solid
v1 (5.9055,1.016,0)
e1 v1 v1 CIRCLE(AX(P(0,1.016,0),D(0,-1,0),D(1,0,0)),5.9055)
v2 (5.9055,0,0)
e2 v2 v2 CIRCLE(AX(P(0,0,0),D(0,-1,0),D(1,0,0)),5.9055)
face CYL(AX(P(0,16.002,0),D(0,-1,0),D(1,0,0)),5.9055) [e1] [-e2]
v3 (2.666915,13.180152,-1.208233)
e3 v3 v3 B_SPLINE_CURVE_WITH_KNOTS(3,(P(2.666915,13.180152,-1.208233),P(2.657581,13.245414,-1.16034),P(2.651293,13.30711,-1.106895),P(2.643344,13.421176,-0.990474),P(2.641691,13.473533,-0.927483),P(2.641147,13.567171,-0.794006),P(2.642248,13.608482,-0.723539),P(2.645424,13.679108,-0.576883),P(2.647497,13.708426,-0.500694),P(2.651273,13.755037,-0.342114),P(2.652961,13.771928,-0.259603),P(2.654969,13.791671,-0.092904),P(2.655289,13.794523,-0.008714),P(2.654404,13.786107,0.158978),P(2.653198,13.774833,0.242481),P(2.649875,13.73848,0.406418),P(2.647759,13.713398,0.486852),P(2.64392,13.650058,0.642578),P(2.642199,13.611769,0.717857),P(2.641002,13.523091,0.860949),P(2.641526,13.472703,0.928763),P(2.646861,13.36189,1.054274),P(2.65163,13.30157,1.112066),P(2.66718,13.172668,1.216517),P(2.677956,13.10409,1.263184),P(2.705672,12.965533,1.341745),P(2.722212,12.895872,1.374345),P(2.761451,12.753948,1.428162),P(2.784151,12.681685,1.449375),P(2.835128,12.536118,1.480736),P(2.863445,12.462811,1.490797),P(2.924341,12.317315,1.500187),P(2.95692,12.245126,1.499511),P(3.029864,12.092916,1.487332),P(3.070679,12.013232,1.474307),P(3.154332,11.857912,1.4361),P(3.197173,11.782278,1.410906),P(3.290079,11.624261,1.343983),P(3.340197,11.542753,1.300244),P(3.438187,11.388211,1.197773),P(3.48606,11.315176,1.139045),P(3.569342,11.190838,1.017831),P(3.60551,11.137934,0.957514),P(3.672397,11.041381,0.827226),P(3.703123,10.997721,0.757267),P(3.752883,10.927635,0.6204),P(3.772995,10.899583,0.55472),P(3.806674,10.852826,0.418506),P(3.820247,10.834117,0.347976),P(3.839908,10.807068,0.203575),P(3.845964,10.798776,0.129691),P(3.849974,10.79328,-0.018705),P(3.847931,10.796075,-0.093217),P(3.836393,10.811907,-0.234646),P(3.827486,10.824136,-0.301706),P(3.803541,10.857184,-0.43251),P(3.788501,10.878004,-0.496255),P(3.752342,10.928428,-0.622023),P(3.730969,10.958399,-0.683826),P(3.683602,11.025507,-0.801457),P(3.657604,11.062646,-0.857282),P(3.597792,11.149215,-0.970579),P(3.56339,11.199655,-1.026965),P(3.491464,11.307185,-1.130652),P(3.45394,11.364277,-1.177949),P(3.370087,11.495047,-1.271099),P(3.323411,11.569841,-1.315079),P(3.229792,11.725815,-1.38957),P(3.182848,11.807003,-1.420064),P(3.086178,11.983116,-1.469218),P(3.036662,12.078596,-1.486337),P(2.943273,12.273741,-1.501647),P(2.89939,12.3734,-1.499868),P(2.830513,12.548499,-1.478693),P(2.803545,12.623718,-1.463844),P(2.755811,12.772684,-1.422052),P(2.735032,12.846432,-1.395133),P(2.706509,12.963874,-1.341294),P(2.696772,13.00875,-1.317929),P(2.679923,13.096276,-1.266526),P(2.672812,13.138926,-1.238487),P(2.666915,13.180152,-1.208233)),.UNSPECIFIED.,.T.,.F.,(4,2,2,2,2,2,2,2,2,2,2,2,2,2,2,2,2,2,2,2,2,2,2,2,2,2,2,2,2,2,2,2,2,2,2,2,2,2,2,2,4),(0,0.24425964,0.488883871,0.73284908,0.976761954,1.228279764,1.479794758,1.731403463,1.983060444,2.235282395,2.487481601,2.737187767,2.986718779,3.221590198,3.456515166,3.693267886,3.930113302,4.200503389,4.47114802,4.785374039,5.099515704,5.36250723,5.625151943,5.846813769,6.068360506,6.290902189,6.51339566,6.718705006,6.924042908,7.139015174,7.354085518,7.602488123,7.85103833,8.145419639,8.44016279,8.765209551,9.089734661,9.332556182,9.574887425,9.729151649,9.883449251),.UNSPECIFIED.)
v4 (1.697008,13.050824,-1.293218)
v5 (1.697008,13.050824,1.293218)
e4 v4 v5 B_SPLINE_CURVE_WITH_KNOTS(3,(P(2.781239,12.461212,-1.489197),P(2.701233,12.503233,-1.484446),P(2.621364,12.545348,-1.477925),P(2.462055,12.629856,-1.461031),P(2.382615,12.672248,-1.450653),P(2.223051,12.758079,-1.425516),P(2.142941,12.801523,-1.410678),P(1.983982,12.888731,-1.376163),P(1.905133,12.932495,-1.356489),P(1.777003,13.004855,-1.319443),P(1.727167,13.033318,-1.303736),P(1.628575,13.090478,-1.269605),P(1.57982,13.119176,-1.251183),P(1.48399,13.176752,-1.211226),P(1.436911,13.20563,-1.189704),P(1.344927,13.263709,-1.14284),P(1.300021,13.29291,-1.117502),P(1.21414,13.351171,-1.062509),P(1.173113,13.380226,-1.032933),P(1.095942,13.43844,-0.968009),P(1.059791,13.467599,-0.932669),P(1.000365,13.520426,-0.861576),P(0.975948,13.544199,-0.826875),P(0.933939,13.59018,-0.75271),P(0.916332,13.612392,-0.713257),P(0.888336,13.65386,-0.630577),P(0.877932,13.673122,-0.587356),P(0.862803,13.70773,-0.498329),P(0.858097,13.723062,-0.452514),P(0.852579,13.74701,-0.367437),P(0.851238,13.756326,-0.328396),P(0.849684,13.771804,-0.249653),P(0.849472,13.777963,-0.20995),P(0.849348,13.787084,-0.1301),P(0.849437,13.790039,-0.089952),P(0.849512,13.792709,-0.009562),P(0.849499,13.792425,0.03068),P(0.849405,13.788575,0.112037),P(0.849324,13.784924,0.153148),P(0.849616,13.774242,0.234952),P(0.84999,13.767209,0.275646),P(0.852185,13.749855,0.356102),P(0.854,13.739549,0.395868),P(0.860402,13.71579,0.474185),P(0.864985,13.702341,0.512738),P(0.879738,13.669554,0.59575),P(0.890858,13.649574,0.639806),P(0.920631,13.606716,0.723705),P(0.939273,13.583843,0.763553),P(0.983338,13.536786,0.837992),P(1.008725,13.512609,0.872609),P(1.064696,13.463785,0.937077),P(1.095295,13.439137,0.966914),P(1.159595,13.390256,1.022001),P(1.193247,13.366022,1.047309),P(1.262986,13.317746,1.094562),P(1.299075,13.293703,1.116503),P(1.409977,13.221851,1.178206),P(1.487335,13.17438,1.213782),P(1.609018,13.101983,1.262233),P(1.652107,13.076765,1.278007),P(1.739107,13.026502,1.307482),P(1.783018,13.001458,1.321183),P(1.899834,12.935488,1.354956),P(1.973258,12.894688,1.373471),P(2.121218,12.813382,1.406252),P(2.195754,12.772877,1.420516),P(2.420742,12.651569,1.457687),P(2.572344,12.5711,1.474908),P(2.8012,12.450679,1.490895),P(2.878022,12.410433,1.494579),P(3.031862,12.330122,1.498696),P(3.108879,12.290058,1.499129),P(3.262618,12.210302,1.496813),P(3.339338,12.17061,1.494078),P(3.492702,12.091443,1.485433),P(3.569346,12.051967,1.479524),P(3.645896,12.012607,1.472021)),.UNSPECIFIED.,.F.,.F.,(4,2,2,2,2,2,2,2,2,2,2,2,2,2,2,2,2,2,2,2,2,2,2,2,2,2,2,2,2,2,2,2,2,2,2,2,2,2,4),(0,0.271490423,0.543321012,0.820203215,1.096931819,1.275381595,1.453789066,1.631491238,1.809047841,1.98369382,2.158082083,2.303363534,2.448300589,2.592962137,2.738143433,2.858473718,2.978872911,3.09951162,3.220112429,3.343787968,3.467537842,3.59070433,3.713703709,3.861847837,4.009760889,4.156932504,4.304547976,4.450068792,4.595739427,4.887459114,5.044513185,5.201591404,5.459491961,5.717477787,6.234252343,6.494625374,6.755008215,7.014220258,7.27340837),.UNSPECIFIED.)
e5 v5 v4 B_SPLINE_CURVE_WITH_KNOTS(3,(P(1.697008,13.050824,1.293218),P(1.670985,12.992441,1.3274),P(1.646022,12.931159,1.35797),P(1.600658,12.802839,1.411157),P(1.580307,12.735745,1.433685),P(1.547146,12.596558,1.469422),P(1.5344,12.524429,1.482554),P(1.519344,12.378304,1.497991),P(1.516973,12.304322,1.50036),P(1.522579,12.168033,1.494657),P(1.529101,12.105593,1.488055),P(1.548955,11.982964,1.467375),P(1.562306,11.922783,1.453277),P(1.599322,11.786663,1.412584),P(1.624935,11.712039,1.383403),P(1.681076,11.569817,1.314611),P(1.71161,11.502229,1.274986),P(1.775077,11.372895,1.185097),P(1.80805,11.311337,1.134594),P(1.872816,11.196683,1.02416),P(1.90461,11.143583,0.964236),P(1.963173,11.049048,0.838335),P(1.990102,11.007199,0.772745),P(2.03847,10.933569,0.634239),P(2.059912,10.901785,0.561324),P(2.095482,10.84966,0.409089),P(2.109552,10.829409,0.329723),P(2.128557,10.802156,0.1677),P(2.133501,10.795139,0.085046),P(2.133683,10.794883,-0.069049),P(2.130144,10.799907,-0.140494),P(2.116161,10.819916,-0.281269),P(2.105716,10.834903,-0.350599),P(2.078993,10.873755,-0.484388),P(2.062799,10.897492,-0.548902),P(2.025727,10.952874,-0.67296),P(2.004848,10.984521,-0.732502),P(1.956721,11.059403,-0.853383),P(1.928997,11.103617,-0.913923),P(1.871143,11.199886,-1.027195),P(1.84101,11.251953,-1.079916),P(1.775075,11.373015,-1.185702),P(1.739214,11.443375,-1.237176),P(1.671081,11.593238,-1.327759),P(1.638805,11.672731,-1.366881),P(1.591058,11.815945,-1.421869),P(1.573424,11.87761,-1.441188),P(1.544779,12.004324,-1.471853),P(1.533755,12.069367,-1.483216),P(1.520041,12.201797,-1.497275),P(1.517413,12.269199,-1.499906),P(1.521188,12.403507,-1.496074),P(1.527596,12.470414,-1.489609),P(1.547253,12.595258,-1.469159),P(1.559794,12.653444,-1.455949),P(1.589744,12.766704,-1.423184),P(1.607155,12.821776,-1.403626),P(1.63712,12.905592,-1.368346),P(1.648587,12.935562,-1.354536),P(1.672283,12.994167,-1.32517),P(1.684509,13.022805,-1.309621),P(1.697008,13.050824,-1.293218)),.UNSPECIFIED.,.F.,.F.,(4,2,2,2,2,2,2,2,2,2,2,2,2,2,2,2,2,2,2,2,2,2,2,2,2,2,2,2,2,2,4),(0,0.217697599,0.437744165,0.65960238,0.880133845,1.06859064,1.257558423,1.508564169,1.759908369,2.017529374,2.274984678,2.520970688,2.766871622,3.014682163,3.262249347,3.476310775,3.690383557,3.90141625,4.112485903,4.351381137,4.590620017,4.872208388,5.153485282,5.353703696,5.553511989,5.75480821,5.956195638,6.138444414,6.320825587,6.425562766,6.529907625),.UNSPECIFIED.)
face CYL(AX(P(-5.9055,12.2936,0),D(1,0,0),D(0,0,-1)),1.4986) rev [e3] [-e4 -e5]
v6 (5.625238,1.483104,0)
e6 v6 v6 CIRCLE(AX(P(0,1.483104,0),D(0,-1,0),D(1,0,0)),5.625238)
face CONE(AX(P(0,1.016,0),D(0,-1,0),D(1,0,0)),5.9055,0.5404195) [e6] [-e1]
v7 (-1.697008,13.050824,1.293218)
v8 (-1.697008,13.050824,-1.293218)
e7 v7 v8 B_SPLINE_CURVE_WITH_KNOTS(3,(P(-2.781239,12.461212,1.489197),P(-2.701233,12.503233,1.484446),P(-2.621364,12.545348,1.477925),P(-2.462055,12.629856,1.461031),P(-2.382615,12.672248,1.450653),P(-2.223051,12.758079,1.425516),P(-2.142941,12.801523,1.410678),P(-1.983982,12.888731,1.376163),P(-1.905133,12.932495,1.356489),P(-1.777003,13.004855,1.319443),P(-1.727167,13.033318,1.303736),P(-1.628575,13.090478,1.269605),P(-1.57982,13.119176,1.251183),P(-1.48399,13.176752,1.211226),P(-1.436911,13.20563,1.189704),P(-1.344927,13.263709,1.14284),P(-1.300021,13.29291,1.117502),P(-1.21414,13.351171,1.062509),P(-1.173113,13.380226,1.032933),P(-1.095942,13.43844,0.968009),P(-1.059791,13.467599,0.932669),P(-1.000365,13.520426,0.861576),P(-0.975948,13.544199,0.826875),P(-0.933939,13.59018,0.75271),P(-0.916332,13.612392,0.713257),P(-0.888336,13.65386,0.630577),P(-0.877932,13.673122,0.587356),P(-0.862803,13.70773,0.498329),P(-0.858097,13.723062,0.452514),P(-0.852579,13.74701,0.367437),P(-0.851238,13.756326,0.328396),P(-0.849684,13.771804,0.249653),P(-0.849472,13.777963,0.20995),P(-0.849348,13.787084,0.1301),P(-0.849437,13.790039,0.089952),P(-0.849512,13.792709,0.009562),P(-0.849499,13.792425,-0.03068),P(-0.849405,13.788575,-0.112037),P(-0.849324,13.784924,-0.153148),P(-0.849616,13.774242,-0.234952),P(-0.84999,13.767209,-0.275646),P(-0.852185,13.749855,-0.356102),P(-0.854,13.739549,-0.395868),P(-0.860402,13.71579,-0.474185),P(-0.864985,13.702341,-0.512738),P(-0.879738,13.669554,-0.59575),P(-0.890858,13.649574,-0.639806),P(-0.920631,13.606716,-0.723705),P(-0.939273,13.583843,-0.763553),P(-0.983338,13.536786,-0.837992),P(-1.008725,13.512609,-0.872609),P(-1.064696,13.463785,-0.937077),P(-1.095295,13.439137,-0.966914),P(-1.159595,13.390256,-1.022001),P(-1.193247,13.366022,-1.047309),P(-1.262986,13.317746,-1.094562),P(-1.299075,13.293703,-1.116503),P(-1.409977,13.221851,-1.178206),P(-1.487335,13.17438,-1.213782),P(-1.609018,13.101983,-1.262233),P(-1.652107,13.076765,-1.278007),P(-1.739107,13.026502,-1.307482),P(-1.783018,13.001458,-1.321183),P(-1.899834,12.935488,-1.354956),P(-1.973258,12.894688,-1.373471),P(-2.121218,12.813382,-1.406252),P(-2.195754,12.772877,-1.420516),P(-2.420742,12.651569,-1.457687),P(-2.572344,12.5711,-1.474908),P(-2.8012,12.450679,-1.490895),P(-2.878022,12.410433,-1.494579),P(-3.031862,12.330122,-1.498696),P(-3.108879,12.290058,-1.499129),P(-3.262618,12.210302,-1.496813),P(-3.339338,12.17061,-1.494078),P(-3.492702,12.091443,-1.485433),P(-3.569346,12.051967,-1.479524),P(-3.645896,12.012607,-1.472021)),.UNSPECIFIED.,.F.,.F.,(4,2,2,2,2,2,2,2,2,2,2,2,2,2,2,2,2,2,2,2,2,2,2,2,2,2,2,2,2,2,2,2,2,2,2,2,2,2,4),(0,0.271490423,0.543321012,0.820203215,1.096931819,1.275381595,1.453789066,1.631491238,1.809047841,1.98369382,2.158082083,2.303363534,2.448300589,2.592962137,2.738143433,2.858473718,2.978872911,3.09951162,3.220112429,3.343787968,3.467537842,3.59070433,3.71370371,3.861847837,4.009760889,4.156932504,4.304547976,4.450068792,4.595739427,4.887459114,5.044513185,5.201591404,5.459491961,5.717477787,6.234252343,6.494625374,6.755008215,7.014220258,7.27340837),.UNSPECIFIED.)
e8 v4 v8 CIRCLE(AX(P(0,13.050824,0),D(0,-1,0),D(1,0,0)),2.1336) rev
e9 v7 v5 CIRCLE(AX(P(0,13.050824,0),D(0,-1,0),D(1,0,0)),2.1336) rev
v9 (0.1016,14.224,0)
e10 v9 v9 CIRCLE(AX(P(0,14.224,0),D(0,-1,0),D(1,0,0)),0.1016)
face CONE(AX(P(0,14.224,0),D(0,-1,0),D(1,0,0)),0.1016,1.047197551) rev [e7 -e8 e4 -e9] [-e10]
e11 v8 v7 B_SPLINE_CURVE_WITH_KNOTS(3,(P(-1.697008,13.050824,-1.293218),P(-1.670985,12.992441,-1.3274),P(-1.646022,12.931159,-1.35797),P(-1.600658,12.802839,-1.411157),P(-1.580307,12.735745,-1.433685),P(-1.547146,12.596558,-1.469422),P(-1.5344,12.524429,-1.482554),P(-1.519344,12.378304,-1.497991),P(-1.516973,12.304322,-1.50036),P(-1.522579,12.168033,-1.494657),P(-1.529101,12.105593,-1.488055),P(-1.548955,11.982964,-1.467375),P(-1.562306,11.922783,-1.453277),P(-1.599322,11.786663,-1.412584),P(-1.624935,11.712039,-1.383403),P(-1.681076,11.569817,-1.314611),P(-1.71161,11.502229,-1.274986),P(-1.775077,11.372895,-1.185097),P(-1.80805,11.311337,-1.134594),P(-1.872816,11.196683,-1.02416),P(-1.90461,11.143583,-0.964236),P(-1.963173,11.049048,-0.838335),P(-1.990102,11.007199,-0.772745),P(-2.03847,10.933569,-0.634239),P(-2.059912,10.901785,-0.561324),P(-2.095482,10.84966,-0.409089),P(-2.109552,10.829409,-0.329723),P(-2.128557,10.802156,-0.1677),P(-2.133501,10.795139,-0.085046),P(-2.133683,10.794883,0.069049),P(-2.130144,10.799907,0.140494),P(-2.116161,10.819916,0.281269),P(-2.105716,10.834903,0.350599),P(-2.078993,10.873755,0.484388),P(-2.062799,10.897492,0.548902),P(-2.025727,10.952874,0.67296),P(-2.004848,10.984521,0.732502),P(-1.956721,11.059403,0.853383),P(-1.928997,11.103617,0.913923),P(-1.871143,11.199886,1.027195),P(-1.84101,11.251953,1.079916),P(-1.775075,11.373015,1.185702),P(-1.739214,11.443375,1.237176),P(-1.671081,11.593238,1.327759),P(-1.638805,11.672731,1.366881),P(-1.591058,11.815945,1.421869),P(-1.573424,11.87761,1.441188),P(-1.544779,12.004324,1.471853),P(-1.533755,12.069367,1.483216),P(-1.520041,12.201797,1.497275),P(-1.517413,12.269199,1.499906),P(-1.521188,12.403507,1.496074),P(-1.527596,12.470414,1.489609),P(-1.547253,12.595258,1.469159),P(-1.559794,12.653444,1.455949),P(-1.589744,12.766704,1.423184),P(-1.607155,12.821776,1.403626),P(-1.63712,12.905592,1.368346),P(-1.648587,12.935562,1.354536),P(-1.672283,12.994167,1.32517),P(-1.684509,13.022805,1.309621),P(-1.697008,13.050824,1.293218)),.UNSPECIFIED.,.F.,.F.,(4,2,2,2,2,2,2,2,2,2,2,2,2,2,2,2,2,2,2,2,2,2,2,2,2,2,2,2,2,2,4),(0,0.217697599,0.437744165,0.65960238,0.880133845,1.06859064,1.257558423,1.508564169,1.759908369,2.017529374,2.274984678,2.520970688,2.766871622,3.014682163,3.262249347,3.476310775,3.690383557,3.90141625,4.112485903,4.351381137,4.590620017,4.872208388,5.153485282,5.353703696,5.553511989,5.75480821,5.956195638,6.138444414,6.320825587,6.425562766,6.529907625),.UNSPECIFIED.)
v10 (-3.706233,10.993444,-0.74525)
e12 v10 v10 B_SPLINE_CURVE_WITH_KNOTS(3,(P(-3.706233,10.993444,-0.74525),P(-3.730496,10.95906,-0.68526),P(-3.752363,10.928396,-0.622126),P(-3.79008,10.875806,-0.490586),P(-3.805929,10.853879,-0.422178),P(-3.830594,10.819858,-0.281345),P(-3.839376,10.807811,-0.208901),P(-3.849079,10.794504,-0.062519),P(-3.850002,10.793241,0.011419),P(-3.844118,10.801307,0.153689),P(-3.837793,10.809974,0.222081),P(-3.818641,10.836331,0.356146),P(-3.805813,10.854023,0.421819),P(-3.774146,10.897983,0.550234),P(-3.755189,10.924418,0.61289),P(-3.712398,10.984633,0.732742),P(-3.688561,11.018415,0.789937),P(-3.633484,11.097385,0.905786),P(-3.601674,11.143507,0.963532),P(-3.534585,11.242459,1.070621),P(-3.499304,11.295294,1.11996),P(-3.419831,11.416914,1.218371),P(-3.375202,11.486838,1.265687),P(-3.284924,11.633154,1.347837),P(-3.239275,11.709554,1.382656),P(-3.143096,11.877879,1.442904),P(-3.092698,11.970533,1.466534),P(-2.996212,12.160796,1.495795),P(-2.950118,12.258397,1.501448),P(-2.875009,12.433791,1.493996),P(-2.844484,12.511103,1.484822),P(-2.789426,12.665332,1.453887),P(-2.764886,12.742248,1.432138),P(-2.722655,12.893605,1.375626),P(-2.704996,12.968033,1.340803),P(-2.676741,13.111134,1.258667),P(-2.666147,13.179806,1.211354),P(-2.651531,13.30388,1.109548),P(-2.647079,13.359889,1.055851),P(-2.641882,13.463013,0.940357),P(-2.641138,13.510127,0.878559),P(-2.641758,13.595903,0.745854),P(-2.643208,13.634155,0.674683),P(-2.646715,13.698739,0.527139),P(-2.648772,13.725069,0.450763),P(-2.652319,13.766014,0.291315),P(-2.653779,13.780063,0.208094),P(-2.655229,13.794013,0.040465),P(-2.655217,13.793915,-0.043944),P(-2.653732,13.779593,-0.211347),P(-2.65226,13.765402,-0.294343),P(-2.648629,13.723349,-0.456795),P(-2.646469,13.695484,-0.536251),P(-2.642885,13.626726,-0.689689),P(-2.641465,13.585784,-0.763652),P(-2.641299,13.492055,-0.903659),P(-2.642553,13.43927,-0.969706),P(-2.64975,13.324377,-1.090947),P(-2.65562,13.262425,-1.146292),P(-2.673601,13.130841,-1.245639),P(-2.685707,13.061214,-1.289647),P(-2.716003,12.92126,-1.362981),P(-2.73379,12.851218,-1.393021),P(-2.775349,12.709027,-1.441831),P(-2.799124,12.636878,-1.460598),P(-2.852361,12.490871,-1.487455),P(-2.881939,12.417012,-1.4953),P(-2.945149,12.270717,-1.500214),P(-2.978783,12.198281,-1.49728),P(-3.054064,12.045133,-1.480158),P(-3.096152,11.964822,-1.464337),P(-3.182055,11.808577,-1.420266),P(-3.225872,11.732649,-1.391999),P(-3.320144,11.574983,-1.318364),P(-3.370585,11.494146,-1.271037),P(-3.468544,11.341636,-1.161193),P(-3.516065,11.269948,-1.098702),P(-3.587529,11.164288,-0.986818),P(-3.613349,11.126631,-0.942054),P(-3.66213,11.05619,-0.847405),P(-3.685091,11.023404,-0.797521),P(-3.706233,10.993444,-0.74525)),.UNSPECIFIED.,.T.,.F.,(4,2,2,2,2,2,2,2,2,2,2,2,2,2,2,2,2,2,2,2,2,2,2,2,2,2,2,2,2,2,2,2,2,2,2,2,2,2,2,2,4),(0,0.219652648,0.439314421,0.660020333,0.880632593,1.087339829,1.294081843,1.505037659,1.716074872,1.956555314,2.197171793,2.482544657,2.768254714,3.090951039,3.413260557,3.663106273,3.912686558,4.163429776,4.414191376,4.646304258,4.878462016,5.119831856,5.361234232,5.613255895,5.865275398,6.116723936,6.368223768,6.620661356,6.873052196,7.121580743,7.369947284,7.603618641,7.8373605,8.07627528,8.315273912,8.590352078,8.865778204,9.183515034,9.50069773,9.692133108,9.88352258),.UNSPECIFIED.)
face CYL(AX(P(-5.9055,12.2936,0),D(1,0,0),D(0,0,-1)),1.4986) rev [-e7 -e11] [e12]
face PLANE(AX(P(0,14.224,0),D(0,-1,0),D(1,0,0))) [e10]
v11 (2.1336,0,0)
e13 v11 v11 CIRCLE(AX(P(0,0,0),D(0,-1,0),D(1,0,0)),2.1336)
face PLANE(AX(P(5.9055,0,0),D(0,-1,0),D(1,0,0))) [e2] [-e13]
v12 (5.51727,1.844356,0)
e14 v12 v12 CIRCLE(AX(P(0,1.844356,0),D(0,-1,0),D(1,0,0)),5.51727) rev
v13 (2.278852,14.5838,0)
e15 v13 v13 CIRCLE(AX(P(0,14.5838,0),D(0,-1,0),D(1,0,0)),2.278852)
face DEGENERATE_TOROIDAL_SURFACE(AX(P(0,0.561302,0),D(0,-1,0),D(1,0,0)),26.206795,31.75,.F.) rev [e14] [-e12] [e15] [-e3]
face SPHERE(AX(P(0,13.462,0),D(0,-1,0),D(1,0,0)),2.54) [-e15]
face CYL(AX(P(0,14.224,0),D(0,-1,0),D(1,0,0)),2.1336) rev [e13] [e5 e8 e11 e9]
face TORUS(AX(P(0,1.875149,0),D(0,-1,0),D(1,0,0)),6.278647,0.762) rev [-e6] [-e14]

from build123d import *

# Parameters (mm, degrees)
SKETCH2_R               = 2.1336
CUT_EXTRUDE1_DEPTH      = 14.224
CHAMFER1_SIZE           = 2.032
CHAMFER1_SIZE2          = 1.173175747
CUT_EXTRUDE2_DEPTH      = 19.050314803
CUT_EXTRUDE2_DEPTH_BACK = 19.050314803
SKETCH3_R               = 1.4986
FILLET1_R               = 0.762


with BuildPart() as part:
    # Sketch1 → Revolve1 (revolve)
    with BuildSketch(Plane.XY):
        with BuildLine():
            Line((0, 0), (0, 16.002))
            ThreePointArc((0, 16.002), (1.342055956, 15.618498507), (2.278851705, 14.583799851))
            ThreePointArc((2.278851705, 14.583799851), (4.588242678, 8.28970248), (5.5245, 1.651))
            Line((5.5245, 1.651), (5.9055, 1.016))
            Line((5.9055, 1.016), (5.9055, 0))
            Line((5.9055, 0), (0, 0))
        make_face()
    revolve(axis=Axis((0, 16.002, 0), (0, 1, 0)))

    # Sketch2 → Cut-Extrude1 (cut)
    with BuildSketch(Plane.XZ):
        Circle(SKETCH2_R)
    extrude(amount=-CUT_EXTRUDE1_DEPTH, mode=Mode.SUBTRACT)

    # Chamfer1
    chamfer1_edges = [part.edges().sort_by_distance(p)[0] for p in [
        (-2.1336, 14.224, 0),
    ]]
    chamfer1_side = [part.faces().sort_by_distance(p)[0] for p in [
        (0, 14.224, 0),
    ]]
    chamfer(chamfer1_edges, length=CHAMFER1_SIZE, length2=CHAMFER1_SIZE2, reference=chamfer1_side[0])

    # Sketch3 → Cut-Extrude2 (cut, two sides: drawn at the far end of the back side and taken through both)
    with BuildSketch(Plane(origin=(0, 0, 0), x_dir=(0, 0, -1), z_dir=(1, 0, 0)).offset(-CUT_EXTRUDE2_DEPTH_BACK)):
        with Locations(Location((0, 12.2936, 0), (0, 0, 30.350455713))):
            Circle(SKETCH3_R)
    extrude(amount=CUT_EXTRUDE2_DEPTH + CUT_EXTRUDE2_DEPTH_BACK, mode=Mode.SUBTRACT)

    # Fillet1
    fillet1_edges = [part.edges().sort_by_distance(p)[0] for p in [
        (-5.5245, 1.651, 0),
    ]]
    fillet(fillet1_edges, radius=FILLET1_R)


solid = part.part
